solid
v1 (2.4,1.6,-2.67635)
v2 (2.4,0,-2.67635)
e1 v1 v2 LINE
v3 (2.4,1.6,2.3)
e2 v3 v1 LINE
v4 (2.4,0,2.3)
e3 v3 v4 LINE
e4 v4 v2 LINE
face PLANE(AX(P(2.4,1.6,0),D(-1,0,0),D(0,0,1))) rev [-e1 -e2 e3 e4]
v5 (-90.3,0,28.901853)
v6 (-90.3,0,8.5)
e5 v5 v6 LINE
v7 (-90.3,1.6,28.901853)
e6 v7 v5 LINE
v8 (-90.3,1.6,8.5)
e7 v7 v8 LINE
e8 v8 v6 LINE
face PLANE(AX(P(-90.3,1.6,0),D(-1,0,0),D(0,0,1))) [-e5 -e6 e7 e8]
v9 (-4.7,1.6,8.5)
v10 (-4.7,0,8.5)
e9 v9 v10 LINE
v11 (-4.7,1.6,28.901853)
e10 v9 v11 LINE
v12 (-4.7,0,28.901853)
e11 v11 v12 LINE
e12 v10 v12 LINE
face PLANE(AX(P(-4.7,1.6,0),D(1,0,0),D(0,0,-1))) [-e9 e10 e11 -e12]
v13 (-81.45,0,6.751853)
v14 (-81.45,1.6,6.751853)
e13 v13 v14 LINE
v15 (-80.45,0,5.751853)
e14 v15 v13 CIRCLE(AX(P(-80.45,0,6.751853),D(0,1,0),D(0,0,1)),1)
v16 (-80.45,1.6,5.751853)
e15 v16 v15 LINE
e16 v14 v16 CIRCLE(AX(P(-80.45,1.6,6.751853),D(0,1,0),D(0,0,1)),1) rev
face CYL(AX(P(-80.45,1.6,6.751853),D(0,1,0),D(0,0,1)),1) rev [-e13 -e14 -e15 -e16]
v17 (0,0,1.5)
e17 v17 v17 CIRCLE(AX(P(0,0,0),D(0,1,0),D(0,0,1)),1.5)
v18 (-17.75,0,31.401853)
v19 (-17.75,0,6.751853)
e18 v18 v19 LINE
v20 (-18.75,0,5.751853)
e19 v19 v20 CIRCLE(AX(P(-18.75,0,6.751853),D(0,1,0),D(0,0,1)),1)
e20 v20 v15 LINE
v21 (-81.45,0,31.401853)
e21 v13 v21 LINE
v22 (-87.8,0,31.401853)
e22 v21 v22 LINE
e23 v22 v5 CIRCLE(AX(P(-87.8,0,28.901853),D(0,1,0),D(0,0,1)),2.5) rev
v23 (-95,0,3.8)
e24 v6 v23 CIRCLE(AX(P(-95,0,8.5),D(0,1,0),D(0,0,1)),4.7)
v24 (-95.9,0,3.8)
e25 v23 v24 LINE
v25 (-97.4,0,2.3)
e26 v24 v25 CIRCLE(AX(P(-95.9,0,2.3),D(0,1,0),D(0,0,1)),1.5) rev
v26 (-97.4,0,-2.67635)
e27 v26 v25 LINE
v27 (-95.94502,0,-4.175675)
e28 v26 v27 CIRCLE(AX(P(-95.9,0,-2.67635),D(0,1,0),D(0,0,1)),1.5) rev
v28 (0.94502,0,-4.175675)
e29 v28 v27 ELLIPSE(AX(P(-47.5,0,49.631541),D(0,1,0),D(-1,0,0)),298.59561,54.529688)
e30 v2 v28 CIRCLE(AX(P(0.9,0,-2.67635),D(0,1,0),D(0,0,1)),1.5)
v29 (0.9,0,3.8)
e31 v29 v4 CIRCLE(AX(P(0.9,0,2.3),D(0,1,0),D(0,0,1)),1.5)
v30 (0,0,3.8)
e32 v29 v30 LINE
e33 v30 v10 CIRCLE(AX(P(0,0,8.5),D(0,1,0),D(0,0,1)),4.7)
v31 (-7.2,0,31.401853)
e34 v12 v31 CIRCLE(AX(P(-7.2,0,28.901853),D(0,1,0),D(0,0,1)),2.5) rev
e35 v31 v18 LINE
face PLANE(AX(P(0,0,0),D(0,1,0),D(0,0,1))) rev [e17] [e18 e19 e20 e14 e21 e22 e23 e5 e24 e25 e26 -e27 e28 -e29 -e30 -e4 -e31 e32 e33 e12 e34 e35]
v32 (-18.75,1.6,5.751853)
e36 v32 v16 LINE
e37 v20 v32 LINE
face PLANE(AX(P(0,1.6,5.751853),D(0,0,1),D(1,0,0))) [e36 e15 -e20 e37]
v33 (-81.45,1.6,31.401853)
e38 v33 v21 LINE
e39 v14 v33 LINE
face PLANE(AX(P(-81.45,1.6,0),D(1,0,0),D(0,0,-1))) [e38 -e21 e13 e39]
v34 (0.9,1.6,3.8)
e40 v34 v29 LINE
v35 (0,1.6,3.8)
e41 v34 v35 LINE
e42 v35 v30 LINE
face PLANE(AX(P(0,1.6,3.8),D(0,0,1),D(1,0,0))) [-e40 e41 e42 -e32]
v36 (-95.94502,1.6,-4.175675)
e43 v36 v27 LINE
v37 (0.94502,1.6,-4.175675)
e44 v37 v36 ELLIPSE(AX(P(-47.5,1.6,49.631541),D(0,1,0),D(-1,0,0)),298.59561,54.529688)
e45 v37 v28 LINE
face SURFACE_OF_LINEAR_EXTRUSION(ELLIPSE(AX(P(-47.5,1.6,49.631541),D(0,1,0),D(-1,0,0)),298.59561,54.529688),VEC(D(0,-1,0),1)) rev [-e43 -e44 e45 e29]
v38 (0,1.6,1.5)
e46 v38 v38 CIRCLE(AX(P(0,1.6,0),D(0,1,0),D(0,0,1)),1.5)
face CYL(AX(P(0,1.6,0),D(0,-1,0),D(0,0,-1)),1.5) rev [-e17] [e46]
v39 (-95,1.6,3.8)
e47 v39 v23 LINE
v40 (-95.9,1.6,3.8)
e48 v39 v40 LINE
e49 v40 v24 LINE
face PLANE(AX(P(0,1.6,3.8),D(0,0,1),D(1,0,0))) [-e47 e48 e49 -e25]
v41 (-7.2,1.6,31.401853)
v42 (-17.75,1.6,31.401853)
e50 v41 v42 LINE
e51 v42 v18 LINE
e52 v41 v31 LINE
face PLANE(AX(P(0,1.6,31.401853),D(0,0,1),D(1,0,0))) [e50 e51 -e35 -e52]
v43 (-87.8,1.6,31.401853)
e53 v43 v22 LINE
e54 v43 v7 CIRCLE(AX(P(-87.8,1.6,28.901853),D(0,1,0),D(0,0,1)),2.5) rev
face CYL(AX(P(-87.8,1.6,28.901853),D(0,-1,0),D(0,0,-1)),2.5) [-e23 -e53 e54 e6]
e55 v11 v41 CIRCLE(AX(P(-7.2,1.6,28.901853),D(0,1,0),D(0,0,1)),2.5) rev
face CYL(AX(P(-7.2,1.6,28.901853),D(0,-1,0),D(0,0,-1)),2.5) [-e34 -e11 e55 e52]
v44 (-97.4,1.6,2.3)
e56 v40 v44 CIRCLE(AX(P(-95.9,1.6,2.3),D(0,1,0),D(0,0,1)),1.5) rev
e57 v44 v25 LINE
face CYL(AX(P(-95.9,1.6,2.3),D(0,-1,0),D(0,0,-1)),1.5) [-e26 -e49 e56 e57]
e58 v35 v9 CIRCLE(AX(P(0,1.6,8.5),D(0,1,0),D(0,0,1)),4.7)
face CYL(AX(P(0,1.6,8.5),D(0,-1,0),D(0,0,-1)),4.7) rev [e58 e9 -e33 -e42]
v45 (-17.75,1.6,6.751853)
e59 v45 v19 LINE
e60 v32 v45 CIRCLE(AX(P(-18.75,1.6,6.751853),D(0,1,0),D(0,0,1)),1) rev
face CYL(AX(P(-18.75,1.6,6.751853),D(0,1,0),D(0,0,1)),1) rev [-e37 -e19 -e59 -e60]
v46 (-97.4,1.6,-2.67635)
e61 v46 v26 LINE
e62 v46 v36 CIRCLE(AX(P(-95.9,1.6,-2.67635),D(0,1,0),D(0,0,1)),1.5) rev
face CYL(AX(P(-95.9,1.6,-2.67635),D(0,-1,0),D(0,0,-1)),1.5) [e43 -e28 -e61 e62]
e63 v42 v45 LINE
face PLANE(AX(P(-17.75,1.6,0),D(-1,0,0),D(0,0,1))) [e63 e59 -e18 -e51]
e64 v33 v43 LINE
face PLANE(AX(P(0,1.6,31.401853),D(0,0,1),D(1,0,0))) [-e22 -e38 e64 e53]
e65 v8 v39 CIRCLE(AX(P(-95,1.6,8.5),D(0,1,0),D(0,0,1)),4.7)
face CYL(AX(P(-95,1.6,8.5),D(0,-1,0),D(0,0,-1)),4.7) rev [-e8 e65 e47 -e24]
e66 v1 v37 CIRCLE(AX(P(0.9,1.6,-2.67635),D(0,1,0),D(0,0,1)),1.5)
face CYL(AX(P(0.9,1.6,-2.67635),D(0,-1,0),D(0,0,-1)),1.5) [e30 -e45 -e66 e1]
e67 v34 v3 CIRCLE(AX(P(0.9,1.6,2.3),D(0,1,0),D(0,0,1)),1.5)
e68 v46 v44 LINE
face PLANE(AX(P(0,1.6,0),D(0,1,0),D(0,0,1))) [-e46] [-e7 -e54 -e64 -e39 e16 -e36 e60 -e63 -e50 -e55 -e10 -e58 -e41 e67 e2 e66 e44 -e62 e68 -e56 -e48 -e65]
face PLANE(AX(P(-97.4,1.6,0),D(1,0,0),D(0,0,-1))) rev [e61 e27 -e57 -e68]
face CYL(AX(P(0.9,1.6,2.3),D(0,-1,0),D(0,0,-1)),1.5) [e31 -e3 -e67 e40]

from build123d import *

# Parameters (mm, degrees)
SKETCH1_R           = 1.5
BOSS_EXTRUDE1_DEPTH = 1.6
FILLET1_R           = 1


with BuildPart() as part:
    # Sketch1 → Boss-Extrude1 (new body)
    with BuildSketch(Plane(origin=(0, 0, 0), x_dir=(1, 0, 0), z_dir=(0, 1, 0))):
        with BuildLine():
            Line((0.9, -3.8), (0, -3.8))
            ThreePointArc((0, -3.8), (-3.323401872, -5.176598128), (-4.7, -8.5))
            Line((-4.7, -8.5), (-4.7, -28.901853444))
            ThreePointArc((-4.7, -28.901853444), (-5.432233047, -30.669620397), (-7.2, -31.401853444))
            Line((-7.2, -31.401853444), (-17.75, -31.401853444))
            Line((-17.75, -31.401853444), (-17.75, -5.751853444))
            Line((-17.75, -5.751853444), (-81.45, -5.751853444))
            Line((-81.45, -5.751853444), (-81.45, -31.401853444))
            Line((-81.45, -31.401853444), (-87.8, -31.401853444))
            ThreePointArc((-87.8, -31.401853444), (-89.567766953, -30.669620397), (-90.3, -28.901853444))
            Line((-90.3, -28.901853444), (-90.3, -8.5))
            ThreePointArc((-90.3, -8.5), (-91.676598128, -5.176598128), (-95, -3.8))
            Line((-95, -3.8), (-95.9, -3.8))
            ThreePointArc((-95.9, -3.8), (-96.960660172, -3.360660172), (-97.4, -2.3))
            Line((-97.4, -2.3), (-97.4, 2.67635027))
            ThreePointArc((-97.4, 2.67635027), (-96.976459398, 3.720972291), (-95.94501978, 4.175674525))
            add(Edge.make_bspline(
                [(0.94501978, 4.175674525), (-47.5, 5.630319254), (-95.94501978, 4.175674525)],
                knots=[4.549425728, 4.549425728, 4.549425728, 4.875352233, 4.875352233, 4.875352233], degree=2, weights=[1, 0.98675085, 1]))
            ThreePointArc((0.94501978, 4.175674525), (1.976459398, 3.720972291), (2.4, 2.67635027))
            Line((2.4, 2.67635027), (2.4, -2.3))
            ThreePointArc((2.4, -2.3), (1.960660172, -3.360660172), (0.9, -3.8))
        make_face()
        Circle(SKETCH1_R, mode=Mode.SUBTRACT)
    extrude(amount=BOSS_EXTRUDE1_DEPTH)

    # Fillet1
    fillet1_edges = [part.edges().sort_by_distance(p)[0] for p in [
        (-17.75, 0.8, 5.751853444),
        (-81.45, 0.8, 5.751853444),
    ]]
    fillet(fillet1_edges, radius=FILLET1_R)


solid = part.part
